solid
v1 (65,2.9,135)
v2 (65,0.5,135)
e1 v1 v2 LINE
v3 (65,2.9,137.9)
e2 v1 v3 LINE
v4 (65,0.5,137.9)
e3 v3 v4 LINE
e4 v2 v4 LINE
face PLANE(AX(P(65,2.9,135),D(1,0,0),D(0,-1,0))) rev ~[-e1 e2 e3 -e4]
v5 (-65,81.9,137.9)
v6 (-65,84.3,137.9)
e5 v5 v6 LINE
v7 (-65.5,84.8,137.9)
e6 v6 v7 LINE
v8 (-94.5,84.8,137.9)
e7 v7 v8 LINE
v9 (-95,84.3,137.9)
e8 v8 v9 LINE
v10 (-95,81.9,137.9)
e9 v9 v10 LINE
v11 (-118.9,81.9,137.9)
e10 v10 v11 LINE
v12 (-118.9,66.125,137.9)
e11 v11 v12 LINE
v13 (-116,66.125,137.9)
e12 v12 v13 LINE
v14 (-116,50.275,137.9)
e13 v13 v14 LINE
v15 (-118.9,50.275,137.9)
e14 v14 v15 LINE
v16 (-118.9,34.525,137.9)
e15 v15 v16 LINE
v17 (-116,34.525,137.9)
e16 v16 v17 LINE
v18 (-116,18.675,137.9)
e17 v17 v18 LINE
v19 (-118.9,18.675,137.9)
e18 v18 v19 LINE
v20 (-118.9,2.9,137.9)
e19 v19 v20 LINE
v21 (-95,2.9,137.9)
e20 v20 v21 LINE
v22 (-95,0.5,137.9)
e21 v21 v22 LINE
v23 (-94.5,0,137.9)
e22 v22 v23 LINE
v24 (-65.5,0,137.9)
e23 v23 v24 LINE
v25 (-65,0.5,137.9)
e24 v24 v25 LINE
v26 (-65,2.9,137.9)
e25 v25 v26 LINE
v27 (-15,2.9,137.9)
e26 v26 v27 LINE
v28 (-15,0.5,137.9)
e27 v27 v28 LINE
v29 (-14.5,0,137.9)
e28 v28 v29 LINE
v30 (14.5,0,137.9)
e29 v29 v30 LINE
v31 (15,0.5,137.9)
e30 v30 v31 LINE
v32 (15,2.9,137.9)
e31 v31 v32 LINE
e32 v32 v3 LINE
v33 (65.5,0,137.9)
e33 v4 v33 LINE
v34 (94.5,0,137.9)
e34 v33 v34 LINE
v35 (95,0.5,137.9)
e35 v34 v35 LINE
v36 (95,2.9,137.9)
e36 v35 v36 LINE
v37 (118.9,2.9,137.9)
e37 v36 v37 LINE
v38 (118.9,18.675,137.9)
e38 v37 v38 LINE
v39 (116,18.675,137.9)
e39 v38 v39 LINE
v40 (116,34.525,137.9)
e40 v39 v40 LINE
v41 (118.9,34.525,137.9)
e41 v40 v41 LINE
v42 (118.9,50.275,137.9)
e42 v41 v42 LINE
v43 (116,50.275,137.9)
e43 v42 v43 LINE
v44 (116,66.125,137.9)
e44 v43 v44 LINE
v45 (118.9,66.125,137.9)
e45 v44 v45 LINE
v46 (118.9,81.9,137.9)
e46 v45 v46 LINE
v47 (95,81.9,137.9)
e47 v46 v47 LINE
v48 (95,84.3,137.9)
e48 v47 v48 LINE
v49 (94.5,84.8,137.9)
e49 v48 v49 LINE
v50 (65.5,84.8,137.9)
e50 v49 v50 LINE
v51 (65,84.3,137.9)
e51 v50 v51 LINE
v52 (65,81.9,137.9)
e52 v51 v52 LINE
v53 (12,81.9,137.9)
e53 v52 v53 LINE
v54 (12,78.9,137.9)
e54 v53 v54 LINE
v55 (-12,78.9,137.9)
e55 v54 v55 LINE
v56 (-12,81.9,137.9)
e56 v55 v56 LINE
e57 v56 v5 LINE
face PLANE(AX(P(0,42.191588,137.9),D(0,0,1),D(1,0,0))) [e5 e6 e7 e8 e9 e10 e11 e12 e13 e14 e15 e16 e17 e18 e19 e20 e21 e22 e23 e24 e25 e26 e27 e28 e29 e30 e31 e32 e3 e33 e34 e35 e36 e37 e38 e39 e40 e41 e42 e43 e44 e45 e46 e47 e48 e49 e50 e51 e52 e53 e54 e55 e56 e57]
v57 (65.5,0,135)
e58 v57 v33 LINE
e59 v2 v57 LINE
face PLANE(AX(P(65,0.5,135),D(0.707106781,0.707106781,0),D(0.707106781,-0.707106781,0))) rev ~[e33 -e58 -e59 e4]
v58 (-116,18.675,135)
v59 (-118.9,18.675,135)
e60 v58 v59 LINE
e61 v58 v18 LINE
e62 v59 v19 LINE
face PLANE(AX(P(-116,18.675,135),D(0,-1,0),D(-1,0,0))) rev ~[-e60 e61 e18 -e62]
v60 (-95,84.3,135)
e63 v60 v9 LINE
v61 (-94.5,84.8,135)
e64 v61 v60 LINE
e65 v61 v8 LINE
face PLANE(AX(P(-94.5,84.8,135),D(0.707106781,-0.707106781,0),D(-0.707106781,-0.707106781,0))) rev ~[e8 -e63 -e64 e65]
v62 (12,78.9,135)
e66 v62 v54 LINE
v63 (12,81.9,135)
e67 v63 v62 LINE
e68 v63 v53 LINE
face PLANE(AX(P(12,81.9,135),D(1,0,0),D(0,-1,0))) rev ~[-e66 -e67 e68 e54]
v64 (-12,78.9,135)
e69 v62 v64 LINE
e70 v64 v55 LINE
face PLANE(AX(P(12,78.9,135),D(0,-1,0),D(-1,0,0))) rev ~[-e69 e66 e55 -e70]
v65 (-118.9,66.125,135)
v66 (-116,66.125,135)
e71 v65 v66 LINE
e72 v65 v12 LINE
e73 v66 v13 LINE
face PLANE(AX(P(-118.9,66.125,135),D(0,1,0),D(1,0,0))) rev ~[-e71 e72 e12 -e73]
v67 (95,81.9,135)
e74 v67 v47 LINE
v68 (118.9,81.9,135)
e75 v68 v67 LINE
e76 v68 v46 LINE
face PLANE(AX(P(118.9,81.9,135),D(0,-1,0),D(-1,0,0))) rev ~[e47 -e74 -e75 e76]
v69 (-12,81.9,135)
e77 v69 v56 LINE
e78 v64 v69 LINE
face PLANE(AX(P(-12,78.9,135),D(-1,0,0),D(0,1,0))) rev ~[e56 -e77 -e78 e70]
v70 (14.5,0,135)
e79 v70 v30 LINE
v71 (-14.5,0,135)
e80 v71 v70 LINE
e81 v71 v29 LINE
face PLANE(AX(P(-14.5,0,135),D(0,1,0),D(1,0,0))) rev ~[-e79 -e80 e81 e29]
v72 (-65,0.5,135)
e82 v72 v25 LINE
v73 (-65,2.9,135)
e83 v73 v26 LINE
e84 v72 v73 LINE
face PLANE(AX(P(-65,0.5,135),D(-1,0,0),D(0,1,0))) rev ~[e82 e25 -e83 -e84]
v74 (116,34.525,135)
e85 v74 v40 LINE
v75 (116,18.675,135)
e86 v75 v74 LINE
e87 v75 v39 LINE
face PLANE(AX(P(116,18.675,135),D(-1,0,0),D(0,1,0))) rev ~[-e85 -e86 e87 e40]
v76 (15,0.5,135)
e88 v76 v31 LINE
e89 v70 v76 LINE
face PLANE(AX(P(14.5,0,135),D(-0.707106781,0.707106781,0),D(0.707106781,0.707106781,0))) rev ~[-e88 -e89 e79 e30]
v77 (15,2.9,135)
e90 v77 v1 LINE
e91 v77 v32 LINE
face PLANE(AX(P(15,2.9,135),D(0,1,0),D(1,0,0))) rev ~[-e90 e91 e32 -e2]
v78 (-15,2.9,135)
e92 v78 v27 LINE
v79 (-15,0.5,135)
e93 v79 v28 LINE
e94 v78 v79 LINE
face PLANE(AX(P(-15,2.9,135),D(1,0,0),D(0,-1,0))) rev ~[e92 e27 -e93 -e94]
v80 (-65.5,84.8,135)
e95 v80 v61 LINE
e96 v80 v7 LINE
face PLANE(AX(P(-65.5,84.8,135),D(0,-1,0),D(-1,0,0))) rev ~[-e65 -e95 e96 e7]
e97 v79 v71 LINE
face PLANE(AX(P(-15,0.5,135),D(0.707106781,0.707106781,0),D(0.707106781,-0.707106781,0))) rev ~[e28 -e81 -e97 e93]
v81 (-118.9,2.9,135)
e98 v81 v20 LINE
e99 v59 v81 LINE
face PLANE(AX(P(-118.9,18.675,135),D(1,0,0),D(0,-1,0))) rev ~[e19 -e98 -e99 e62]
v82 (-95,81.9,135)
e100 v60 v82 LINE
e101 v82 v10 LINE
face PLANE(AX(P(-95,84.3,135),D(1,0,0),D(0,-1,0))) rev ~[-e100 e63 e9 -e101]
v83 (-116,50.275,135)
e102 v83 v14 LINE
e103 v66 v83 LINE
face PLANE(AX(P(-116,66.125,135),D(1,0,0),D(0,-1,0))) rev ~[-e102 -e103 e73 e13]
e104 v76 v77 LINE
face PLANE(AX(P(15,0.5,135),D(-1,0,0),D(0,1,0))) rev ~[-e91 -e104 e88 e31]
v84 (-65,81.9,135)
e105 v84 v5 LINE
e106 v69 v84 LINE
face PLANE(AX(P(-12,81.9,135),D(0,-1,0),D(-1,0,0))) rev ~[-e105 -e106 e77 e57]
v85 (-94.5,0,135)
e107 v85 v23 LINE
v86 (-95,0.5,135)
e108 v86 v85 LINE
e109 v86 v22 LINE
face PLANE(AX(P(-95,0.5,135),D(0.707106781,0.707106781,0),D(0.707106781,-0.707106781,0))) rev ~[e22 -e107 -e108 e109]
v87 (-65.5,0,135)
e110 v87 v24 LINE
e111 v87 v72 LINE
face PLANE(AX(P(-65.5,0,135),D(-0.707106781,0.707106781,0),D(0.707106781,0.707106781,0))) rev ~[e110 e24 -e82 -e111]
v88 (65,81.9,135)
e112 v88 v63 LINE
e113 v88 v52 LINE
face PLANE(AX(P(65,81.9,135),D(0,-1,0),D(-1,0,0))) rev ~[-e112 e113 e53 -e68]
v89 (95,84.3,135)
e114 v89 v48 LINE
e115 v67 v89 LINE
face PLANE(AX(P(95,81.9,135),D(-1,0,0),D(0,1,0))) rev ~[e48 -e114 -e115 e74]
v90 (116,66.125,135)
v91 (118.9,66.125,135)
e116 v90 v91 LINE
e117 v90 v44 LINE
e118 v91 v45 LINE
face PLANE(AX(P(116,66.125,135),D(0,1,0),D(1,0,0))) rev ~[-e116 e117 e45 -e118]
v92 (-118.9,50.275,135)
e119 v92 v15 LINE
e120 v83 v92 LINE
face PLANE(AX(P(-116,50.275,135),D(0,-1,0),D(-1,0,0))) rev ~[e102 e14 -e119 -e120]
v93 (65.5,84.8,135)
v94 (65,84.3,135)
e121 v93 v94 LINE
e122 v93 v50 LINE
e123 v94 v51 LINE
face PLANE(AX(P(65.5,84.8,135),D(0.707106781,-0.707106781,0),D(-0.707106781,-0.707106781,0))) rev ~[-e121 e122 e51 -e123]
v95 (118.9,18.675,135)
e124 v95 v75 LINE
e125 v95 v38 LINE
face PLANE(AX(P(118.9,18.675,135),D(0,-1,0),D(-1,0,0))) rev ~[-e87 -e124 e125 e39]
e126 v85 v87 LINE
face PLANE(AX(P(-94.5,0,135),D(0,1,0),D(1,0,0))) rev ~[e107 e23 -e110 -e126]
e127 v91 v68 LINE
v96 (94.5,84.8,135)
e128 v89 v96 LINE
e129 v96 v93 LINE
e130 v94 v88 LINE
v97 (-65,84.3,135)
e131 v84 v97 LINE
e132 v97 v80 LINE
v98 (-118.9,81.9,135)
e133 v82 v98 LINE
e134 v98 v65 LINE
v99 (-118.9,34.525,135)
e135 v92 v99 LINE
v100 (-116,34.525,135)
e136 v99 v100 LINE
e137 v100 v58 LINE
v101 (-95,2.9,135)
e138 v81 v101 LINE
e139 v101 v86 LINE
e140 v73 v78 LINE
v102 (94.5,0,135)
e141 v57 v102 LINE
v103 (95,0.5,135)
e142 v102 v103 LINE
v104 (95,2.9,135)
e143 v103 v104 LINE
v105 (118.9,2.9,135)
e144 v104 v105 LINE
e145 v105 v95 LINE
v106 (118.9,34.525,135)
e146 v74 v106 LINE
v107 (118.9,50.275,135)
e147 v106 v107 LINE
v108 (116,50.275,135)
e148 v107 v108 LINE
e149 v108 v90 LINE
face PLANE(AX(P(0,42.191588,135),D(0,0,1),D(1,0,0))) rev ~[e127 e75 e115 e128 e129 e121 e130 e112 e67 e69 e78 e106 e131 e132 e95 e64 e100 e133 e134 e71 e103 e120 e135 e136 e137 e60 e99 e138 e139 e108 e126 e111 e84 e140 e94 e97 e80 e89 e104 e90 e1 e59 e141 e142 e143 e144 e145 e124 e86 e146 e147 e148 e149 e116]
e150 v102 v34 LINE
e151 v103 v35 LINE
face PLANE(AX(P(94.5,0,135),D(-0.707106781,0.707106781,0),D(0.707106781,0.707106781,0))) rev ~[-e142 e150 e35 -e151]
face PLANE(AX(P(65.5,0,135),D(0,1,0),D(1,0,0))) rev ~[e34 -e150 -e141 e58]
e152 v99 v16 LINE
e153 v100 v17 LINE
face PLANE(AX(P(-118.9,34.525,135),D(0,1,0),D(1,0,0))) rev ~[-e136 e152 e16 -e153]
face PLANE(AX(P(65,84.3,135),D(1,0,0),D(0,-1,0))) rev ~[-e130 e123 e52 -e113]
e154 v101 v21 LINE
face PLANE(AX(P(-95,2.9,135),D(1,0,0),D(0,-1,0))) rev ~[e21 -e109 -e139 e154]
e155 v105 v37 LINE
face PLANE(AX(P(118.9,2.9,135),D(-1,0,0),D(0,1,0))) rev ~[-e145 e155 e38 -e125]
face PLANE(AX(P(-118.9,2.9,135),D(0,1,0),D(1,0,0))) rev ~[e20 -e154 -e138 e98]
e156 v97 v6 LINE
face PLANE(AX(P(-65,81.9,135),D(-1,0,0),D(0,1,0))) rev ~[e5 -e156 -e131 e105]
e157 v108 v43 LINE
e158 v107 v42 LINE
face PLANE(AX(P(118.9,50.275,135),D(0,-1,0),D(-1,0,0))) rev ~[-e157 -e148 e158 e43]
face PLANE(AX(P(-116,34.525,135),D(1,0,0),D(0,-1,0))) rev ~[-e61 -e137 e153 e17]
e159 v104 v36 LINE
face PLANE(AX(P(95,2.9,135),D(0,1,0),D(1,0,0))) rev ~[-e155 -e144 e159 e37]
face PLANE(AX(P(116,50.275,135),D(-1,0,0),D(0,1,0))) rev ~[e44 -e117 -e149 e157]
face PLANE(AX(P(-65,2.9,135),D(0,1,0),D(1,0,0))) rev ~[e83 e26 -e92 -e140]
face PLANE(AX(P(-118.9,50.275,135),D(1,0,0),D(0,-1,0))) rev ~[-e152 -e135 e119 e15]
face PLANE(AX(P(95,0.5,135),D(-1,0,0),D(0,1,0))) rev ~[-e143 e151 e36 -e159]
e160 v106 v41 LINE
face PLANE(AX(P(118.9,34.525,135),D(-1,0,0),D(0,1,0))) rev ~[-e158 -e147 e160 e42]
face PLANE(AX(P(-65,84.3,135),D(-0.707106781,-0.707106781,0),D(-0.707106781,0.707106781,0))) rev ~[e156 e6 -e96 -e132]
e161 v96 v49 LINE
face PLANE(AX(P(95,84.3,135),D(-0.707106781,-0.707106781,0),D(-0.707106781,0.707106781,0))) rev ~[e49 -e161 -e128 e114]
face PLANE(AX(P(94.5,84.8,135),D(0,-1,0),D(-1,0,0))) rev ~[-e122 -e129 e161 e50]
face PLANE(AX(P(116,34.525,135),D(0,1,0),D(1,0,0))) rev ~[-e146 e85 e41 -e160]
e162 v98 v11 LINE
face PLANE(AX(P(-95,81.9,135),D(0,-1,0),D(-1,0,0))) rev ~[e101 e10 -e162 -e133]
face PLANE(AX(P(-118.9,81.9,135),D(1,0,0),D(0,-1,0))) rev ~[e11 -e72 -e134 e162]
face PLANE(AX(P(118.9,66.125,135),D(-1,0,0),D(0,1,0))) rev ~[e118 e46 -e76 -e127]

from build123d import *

# Parameters (mm, degrees)
BOSS_EXTRUDE1_DEPTH = 2.9


with BuildPart() as part:
    # Sketch1 → Boss-Extrude1 (new body)
    with BuildSketch(Plane.XY.offset(135)):
        Polygon((-118.9, 2.9), (-95, 2.9), (-95, 0.5), (-94.5, 0), (-65.5, 0), (-65, 0.5), (-65, 2.9), (-15, 2.9), (-15, 0.5), (-14.5, 0), (14.5, 0), (15, 0.5), (15, 2.9), (65, 2.9), (65, 0.5), (65.5, 0), (94.5, 0), (95, 0.5), (95, 2.9), (118.9, 2.9), (118.9, 18.675), (116, 18.675), (116, 34.525), (118.9, 34.525), (118.9, 50.275), (116, 50.275), (116, 66.125), (118.9, 66.125), (118.9, 81.9), (95, 81.9), (95, 84.3), (94.5, 84.8), (65.5, 84.8), (65, 84.3), (65, 81.9), (12, 81.9), (12, 78.9), (-12, 78.9), (-12, 81.9), (-65, 81.9), (-65, 84.3), (-65.5, 84.8), (-94.5, 84.8), (-95, 84.3), (-95, 81.9), (-118.9, 81.9), (-118.9, 66.125), (-116, 66.125), (-116, 50.275), (-118.9, 50.275), (-118.9, 34.525), (-116, 34.525), (-116, 18.675), (-118.9, 18.675), align=None)
    extrude(amount=BOSS_EXTRUDE1_DEPTH)


solid = part.part
